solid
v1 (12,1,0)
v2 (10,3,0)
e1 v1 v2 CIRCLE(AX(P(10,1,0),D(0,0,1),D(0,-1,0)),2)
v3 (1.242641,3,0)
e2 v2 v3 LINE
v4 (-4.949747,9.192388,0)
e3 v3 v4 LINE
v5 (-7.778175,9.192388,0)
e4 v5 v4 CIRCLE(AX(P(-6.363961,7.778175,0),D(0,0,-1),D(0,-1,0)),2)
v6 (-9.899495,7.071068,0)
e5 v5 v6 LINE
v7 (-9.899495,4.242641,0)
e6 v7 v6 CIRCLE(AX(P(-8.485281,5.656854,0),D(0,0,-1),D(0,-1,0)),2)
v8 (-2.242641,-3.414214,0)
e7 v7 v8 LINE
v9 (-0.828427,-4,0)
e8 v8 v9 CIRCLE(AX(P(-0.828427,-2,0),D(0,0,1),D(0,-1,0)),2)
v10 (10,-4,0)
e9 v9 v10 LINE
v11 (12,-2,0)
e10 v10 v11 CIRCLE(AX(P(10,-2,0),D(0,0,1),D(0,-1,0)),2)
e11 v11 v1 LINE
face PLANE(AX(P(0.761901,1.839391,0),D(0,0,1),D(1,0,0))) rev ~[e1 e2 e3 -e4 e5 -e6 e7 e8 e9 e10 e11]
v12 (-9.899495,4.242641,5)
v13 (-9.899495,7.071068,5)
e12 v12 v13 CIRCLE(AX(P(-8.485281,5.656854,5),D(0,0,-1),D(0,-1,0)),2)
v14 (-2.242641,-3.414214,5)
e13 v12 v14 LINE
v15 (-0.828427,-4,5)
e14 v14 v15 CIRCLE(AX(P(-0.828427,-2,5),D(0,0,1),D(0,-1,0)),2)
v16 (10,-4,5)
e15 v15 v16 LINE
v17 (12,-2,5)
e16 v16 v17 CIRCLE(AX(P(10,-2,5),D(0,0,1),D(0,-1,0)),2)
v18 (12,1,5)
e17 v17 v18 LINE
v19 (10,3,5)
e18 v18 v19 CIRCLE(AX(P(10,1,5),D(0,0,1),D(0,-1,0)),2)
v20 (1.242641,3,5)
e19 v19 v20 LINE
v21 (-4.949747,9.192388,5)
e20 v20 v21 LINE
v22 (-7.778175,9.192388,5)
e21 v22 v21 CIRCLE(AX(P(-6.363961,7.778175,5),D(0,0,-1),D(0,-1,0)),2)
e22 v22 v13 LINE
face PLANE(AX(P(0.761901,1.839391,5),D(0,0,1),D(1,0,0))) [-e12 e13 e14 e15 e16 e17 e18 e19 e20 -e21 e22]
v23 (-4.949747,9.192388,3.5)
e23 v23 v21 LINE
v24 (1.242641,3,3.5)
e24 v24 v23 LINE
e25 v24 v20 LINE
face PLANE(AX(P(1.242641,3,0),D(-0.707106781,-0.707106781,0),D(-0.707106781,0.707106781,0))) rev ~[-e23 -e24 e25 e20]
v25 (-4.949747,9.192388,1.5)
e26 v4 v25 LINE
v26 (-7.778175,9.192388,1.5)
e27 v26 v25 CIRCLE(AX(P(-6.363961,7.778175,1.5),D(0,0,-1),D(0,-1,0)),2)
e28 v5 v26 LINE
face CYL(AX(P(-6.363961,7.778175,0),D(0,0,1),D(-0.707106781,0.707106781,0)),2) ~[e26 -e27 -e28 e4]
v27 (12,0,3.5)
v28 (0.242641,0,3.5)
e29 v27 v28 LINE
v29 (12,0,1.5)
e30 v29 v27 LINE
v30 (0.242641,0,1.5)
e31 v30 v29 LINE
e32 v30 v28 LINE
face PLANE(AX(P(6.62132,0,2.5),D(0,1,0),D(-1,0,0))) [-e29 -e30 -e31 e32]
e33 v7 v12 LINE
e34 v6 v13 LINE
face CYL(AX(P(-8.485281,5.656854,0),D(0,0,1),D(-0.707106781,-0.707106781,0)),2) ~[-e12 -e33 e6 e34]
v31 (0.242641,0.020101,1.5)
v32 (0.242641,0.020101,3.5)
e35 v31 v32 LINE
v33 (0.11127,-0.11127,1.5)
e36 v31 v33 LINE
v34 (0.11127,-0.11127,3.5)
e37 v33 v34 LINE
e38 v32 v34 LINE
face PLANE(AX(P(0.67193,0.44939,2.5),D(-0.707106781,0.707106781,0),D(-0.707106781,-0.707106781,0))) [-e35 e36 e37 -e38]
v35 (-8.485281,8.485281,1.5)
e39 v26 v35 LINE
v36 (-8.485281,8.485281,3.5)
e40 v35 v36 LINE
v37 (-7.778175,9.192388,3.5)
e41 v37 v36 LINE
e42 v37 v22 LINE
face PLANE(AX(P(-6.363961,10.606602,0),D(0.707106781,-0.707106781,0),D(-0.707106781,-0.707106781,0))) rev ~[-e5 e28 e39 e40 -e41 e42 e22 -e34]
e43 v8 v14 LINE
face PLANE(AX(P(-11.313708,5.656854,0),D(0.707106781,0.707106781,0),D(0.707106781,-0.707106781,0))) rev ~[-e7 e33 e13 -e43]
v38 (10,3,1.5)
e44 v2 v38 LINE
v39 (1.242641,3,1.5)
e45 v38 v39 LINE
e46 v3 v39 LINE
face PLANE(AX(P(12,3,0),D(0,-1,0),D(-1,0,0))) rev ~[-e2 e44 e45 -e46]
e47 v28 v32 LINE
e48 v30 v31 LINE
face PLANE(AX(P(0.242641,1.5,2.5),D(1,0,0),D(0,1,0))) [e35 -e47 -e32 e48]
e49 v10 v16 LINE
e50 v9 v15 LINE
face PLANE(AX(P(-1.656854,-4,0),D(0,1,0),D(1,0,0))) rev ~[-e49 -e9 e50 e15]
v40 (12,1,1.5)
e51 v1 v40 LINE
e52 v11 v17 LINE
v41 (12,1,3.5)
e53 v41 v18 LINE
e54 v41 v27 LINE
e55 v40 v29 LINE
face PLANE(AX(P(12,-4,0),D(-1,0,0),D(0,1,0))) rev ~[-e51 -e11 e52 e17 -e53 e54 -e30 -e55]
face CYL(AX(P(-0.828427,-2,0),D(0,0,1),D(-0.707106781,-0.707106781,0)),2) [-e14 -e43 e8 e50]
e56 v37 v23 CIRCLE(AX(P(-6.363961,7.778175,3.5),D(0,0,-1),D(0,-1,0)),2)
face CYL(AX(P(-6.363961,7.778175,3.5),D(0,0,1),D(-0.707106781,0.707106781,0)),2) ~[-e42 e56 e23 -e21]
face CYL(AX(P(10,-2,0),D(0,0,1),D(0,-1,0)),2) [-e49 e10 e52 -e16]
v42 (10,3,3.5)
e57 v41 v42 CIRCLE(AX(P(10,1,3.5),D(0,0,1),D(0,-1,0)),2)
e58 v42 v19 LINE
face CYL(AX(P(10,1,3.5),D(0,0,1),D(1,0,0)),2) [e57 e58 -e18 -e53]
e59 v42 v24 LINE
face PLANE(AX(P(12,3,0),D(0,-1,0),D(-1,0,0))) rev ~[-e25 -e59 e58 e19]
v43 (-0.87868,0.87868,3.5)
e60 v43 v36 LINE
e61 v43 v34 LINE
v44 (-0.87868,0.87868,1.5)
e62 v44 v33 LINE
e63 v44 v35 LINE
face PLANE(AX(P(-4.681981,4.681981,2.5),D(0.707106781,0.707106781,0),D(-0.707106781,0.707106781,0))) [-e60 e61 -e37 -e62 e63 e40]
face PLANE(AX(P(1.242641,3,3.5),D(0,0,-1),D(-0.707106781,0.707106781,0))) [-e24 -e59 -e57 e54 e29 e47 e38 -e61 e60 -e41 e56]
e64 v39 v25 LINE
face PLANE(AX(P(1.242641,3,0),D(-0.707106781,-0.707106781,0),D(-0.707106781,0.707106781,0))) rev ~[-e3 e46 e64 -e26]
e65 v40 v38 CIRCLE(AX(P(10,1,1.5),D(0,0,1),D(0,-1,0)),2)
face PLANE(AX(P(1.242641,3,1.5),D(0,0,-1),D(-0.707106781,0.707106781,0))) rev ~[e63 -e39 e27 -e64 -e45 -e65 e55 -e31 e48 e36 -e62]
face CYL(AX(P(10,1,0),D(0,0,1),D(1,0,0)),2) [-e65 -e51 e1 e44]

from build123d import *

# Parameters (mm, degrees)
F1_DEPTH = 5
F2_W     = 10.7573593129
F2_H     = 2
F3_DEPTH = 3
F4_W     = 10.7573593129
F4_H     = 2
F5_DEPTH = 3
F6_W     = 3
F6_H     = 2
F7_DEPTH = 1
F8_W     = 1.5857864376
F8_H     = 2
F9_DEPTH = 1.4
F10_R    = 2


with BuildPart() as f1:
    # F0 (on Top) → F1 (new body)
    with BuildSketch(Plane.XY):
        Polygon((-11.313708499, 5.6568542495), (-1.6568542495, -4), (12, -4), (12, 3), (1.2426406871, 3), (-6.3639610307, 10.6066017178), align=None)
    extrude(amount=F1_DEPTH)

    # F2 (on face) → F3 (cut)
    with BuildSketch(Plane(origin=(2.1213203436, 2.1213203436, 0), x_dir=(-0.7071067812, 0.7071067812, 0), z_dir=(0.7071067812, 0.7071067812, 0))):
        with Locations((6.6213203436, 2.5)):
            Rectangle(F2_W, F2_H)
    extrude(amount=-F3_DEPTH, mode=Mode.SUBTRACT)

    # F4 (on face) → F5 (cut)
    with BuildSketch(Plane(origin=(0, 3, 0), x_dir=(-1, 0, 0), z_dir=(0, 1, 0))):
        with Locations((-6.6213203436, 2.5)):
            Rectangle(F4_W, F4_H)
    extrude(amount=-F5_DEPTH, mode=Mode.SUBTRACT)

    # F6 (on face) → F7 (cut)
    with BuildSketch(Plane.YZ.offset(1.2426406871)):
        with Locations((1.5, 2.5)):
            Rectangle(F6_W, F6_H)
    extrude(amount=-F7_DEPTH, mode=Mode.SUBTRACT)

    # F8 (on face) → F9 (cut)
    with BuildSketch(Plane(origin=(-0.8786796564, 0.8786796564, 0), x_dir=(-0.7071067812, -0.7071067812, 0), z_dir=(-0.7071067812, 0.7071067812, 0))):
        with Locations((-0.7928932188, 2.5)):
            Rectangle(F8_W, F8_H)
    extrude(amount=-F9_DEPTH, mode=Mode.SUBTRACT)

    # F10
    f10_edges = [f1.edges().sort_by_distance(p)[0] for p in [
        (-1.656854, -4, 2.5),
        (-11.313708, 5.656854, 2.5),
        (12, -4, 2.5),
        (12, 3, 4.25),
        (12, 3, 0.75),
        (-6.363961, 10.606602, 4.25),
        (-6.363961, 10.606602, 0.75),
    ]]
    fillet(f10_edges, radius=F10_R)


solid = f1.part
